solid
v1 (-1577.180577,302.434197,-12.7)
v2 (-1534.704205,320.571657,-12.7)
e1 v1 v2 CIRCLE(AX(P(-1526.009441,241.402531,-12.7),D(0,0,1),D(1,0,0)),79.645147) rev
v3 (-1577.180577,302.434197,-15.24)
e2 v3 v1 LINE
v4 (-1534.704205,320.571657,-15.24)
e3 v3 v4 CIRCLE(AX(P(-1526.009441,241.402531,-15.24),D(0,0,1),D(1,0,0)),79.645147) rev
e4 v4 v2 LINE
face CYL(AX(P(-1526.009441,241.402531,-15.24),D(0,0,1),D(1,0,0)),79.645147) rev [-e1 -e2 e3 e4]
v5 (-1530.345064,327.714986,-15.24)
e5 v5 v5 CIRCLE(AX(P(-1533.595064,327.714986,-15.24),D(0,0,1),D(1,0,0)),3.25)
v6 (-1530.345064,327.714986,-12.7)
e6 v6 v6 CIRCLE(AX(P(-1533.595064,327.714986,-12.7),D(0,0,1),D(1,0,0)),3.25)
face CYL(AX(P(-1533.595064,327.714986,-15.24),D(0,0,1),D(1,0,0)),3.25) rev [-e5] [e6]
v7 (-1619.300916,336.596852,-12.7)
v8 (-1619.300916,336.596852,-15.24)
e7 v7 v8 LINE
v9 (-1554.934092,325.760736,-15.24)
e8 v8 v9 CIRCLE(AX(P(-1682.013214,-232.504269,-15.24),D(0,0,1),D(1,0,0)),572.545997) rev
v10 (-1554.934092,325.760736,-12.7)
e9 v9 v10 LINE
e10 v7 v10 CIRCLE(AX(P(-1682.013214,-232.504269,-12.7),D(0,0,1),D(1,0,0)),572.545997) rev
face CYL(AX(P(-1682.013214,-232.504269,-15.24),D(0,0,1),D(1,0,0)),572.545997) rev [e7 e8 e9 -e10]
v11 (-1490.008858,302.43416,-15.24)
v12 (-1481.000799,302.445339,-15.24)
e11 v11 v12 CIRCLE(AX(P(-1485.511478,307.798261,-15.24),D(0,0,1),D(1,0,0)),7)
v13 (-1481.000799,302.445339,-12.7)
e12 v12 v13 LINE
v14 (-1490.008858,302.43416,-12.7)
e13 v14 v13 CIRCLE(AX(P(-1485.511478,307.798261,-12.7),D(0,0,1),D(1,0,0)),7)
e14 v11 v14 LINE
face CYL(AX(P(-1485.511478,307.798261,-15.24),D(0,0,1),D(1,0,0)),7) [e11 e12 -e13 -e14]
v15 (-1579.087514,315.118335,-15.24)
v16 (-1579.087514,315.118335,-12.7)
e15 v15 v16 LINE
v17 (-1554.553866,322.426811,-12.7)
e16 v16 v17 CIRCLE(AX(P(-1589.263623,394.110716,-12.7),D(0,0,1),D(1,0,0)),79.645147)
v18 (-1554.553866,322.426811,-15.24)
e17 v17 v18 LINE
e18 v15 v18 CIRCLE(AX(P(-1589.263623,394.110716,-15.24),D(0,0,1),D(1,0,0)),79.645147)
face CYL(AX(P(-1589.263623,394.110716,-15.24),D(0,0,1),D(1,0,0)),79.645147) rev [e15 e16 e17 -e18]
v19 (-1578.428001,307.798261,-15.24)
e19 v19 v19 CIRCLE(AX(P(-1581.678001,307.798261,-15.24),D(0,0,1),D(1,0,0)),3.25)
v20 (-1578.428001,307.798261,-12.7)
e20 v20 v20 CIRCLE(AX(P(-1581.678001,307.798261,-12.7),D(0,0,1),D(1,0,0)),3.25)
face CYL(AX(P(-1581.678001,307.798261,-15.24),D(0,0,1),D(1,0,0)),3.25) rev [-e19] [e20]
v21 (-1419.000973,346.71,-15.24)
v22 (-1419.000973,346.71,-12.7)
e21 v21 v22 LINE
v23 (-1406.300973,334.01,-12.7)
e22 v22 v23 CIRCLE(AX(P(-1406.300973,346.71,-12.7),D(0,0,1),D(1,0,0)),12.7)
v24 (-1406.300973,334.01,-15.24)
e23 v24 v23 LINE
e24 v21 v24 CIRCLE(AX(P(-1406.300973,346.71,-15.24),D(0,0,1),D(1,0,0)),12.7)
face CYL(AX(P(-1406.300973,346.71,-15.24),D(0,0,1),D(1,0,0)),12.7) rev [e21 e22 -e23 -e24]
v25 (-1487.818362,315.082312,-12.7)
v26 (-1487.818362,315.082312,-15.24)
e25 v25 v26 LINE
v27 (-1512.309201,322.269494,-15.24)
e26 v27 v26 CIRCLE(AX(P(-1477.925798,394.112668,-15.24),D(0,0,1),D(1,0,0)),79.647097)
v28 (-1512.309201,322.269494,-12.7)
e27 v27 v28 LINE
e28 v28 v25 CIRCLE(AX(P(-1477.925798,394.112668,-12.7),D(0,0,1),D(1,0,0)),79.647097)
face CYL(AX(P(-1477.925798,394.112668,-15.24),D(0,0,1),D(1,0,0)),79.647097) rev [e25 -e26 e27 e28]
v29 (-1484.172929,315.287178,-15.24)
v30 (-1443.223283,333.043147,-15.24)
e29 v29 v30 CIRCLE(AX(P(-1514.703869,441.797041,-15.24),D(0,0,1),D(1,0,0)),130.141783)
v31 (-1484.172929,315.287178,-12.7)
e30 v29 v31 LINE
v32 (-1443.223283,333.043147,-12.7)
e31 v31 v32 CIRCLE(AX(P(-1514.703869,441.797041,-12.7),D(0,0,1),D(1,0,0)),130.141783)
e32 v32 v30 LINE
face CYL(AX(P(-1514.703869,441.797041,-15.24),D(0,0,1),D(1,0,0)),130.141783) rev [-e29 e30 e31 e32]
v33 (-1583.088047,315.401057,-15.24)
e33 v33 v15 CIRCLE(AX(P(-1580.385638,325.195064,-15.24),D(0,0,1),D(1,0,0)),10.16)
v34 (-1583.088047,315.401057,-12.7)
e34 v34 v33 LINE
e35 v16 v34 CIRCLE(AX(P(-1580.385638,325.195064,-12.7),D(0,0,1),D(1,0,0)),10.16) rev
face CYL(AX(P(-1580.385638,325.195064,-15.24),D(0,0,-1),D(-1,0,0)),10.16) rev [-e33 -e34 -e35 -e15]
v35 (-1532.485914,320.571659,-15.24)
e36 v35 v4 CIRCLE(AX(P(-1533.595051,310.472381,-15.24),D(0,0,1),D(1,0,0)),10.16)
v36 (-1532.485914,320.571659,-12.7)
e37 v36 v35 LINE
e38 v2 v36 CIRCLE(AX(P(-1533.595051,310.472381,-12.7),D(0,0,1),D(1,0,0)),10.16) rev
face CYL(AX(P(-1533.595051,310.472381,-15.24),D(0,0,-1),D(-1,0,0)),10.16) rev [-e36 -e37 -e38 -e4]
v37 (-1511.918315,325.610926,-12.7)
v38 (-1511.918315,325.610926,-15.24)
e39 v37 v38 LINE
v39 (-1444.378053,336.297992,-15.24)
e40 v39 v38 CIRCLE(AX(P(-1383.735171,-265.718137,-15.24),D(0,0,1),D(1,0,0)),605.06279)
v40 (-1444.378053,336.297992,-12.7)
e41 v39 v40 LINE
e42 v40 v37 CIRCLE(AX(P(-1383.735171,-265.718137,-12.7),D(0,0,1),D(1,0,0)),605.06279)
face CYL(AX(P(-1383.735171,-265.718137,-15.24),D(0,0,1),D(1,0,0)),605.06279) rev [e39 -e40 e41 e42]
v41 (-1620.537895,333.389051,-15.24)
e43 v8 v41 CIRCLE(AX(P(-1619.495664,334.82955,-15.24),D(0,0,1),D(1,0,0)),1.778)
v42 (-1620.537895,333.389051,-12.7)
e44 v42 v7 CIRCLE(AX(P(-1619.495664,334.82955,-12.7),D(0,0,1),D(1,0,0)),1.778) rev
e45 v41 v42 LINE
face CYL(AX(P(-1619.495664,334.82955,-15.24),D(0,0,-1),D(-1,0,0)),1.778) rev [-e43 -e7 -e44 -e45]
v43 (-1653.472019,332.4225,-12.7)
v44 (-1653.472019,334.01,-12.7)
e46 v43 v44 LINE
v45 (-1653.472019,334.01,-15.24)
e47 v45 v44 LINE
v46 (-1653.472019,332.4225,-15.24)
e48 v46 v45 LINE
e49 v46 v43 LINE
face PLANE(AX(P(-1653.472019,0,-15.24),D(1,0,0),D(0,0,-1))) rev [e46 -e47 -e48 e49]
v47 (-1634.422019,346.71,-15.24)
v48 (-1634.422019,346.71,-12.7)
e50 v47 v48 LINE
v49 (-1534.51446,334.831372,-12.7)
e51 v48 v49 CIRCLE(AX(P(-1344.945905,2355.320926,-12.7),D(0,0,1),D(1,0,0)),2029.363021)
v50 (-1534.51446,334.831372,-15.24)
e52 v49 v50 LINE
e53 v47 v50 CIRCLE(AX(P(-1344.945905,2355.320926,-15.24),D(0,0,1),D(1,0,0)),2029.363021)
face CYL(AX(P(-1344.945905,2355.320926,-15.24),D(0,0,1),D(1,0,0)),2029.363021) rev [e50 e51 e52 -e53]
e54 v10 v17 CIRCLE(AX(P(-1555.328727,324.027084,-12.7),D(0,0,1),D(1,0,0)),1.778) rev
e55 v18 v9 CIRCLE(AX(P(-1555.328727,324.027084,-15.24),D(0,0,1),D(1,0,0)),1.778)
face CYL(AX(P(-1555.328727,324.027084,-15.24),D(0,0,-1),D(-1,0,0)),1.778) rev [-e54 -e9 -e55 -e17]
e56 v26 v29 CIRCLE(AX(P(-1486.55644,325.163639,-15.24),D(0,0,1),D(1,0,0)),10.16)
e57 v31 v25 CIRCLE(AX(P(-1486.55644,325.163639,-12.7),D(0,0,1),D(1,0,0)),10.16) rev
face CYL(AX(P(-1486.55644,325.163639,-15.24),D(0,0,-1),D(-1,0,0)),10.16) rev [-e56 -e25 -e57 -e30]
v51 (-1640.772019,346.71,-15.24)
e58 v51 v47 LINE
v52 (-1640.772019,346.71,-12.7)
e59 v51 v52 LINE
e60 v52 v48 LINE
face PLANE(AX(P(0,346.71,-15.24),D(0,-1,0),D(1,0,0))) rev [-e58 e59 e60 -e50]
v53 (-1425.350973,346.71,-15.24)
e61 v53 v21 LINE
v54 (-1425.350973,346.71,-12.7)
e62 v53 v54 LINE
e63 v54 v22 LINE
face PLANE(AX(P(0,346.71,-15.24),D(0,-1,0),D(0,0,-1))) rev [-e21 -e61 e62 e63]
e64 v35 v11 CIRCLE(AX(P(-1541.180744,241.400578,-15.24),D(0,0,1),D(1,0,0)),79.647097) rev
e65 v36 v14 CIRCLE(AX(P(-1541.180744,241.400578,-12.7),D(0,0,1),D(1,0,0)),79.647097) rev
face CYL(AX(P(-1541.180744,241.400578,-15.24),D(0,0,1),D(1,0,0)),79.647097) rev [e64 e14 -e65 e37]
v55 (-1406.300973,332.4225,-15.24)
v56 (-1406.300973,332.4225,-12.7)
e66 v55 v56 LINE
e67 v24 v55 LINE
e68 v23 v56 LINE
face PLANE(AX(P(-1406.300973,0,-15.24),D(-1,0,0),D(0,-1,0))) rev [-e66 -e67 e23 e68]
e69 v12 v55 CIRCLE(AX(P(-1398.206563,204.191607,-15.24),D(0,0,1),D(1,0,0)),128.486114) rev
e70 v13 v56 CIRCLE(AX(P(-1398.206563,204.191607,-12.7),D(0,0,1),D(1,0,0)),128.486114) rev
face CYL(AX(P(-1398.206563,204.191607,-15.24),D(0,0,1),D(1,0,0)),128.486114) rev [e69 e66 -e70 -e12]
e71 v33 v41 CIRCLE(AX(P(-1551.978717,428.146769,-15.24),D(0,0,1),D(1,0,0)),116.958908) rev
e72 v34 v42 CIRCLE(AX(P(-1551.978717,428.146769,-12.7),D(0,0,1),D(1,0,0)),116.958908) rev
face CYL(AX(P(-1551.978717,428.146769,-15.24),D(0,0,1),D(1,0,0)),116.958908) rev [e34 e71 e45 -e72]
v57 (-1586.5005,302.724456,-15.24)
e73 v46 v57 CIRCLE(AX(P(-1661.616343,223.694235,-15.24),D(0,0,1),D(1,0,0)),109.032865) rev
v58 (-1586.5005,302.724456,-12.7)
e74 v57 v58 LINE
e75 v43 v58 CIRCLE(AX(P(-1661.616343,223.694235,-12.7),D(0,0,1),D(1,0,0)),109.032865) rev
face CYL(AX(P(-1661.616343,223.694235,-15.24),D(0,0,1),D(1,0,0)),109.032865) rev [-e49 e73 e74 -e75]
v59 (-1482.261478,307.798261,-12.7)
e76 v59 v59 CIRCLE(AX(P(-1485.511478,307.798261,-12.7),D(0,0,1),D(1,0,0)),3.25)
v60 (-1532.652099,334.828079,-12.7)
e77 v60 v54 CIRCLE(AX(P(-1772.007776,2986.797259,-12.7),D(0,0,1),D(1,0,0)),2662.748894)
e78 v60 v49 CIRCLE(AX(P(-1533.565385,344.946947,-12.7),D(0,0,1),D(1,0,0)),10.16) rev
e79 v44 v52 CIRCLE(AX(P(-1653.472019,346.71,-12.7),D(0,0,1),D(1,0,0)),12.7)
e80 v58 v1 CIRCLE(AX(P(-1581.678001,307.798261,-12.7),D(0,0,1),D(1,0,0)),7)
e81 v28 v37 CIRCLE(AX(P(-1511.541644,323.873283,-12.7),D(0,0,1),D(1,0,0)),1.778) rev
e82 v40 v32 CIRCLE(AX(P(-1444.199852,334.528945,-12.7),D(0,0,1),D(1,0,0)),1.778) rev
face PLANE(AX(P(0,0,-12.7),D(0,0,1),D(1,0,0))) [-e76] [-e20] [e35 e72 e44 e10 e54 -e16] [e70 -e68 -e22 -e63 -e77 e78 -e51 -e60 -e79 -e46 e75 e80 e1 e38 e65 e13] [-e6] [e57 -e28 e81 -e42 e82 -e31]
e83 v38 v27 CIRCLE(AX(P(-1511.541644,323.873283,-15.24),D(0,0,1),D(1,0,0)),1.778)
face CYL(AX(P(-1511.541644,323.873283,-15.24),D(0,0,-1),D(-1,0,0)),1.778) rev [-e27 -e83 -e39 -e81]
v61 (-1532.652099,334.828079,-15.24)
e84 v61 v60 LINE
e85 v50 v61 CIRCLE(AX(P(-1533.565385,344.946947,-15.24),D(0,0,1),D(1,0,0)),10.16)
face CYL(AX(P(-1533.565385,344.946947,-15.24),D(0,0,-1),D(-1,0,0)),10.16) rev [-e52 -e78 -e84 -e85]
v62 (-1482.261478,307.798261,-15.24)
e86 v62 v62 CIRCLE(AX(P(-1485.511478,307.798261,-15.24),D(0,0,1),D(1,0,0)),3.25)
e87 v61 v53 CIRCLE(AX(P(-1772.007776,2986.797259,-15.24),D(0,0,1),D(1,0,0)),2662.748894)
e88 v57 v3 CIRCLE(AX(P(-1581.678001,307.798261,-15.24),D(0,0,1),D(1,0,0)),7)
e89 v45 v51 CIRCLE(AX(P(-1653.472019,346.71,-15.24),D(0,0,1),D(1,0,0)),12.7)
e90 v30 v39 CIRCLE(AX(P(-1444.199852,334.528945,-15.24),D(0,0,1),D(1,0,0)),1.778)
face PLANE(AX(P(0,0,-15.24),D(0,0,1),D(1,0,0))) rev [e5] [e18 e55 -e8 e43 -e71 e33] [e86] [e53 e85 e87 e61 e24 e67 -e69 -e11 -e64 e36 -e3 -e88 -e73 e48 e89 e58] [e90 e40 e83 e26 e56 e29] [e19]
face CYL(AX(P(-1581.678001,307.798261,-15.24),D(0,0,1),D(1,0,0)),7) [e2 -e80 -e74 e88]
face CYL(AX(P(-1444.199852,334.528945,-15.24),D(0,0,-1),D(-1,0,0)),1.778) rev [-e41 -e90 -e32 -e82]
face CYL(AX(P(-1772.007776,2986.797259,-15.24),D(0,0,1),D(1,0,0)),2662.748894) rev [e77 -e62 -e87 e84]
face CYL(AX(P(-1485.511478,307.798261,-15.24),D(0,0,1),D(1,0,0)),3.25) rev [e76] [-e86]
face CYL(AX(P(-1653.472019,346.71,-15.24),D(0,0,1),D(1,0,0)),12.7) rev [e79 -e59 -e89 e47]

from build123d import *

# Parameters (mm, degrees)
PLANETARY_START           = -12.7
SKETCH1207_R              = 3.25
SKETCH1207_R_2            = 3.250000002
PLANETARY_INNER_TAB_DEPTH = 2.54
SMAL_ANGLE_FILLET_R       = 1.778
LARGE_ANGLE_FILLET_R      = 10.16


with BuildPart() as part:
    # Sketch1207 → Planetary Inner Tab (new body)
    with BuildSketch(Plane.XY.offset(PLANETARY_START)):
        with BuildLine():
            Line((-1653.472019465, 334.01), (-1653.472019465, 332.4225))
            ThreePointArc((-1653.472019465, 332.4225), (-1617.417278513, 323.366740441), (-1586.500499811, 302.724455656))
            ThreePointArc((-1586.500499811, 302.724455656), (-1581.895902138, 300.801653447), (-1577.180577212, 302.434197141))
            ThreePointArc((-1577.180577212, 302.434197141), (-1556.772529786, 314.866684199), (-1533.595059081, 320.685617601))
            ThreePointArc((-1533.595059081, 320.685617601), (-1510.41725967, 314.866679973), (-1490.008857704, 302.434160123))
            ThreePointArc((-1490.008857704, 302.434160123), (-1485.502791315, 300.798266511), (-1481.000799136, 302.445339259))
            ThreePointArc((-1481.000799136, 302.445339259), (-1446.058878011, 323.434373498), (-1406.300973236, 332.4225))
            Line((-1406.300973236, 332.4225), (-1406.300973236, 334.01))
            ThreePointArc((-1406.300973236, 334.01), (-1415.281229357, 337.729743879), (-1419.000973236, 346.71))
            Line((-1419.000973236, 346.71), (-1425.350973236, 346.71))
            ThreePointArc((-1425.350973236, 346.71), (-1479.405888247, 340.173785728), (-1533.583149601, 334.74421061))
            ThreePointArc((-1533.583149601, 334.744210609), (-1584.077440056, 340.096278026), (-1634.422019465, 346.71))
            Line((-1634.422019465, 346.71), (-1640.772019465, 346.71))
            ThreePointArc((-1640.772019465, 346.71), (-1644.491763344, 337.729743879), (-1653.472019465, 334.01))
        make_face()
        with Locations((-1581.678000655, 307.798261121)):
            Circle(SKETCH1207_R, mode=Mode.SUBTRACT)
        with Locations((-1485.511478414, 307.798261121)):
            Circle(SKETCH1207_R, mode=Mode.SUBTRACT)
        with BuildLine():
            ThreePointArc((-1581.138275137, 314.881124344), (-1604.565453937, 323.676576229), (-1625.585402649, 337.254294614))
            ThreePointArc((-1625.585402649, 337.254294614), (-1587.708607657, 332.221823862), (-1550.251821341, 324.674207047))
            ThreePointArc((-1550.251821341, 324.674207047), (-1565.191775687, 318.190391811), (-1581.138275137, 314.881124344))
        make_face(mode=Mode.SUBTRACT)
        with Locations((-1533.595063997, 327.714985503)):
            Circle(SKETCH1207_R_2, mode=Mode.SUBTRACT)
        with BuildLine():
            ThreePointArc((-1516.716796741, 324.550332905), (-1477.373328625, 332.055126671), (-1437.619544261, 336.940517311))
            ThreePointArc((-1437.619544261, 336.940517311), (-1460.647521819, 323.41294144), (-1485.95203842, 314.871015491))
            ThreePointArc((-1485.95203842, 314.871015491), (-1501.829474856, 318.137183344), (-1516.716796741, 324.550332905))
        make_face(mode=Mode.SUBTRACT)
    extrude(amount=-PLANETARY_INNER_TAB_DEPTH)

    # Smal Angle Fillet
    smal_angle_fillet_edges = [part.edges().sort_by_distance(p)[0] for p in [
        (-1550.251821341, 324.674207047, -13.97),
        (-1625.585402649, 337.254294614, -13.97),
        (-1437.619544261, 336.940517311, -13.97),
        (-1516.716796741, 324.550332905, -13.97),
    ]]
    fillet(smal_angle_fillet_edges, radius=SMAL_ANGLE_FILLET_R)

    # Large Angle Fillet
    large_angle_fillet_edges = [part.edges().sort_by_distance(p)[0] for p in [
        (-1581.138275137, 314.881124344, -13.97),
        (-1533.595059081, 320.685617601, -13.97),
        (-1533.583149601, 334.744210609, -13.97),
        (-1485.95203842, 314.871015491, -13.97),
    ]]
    fillet(large_angle_fillet_edges, radius=LARGE_ANGLE_FILLET_R)


solid = part.part
